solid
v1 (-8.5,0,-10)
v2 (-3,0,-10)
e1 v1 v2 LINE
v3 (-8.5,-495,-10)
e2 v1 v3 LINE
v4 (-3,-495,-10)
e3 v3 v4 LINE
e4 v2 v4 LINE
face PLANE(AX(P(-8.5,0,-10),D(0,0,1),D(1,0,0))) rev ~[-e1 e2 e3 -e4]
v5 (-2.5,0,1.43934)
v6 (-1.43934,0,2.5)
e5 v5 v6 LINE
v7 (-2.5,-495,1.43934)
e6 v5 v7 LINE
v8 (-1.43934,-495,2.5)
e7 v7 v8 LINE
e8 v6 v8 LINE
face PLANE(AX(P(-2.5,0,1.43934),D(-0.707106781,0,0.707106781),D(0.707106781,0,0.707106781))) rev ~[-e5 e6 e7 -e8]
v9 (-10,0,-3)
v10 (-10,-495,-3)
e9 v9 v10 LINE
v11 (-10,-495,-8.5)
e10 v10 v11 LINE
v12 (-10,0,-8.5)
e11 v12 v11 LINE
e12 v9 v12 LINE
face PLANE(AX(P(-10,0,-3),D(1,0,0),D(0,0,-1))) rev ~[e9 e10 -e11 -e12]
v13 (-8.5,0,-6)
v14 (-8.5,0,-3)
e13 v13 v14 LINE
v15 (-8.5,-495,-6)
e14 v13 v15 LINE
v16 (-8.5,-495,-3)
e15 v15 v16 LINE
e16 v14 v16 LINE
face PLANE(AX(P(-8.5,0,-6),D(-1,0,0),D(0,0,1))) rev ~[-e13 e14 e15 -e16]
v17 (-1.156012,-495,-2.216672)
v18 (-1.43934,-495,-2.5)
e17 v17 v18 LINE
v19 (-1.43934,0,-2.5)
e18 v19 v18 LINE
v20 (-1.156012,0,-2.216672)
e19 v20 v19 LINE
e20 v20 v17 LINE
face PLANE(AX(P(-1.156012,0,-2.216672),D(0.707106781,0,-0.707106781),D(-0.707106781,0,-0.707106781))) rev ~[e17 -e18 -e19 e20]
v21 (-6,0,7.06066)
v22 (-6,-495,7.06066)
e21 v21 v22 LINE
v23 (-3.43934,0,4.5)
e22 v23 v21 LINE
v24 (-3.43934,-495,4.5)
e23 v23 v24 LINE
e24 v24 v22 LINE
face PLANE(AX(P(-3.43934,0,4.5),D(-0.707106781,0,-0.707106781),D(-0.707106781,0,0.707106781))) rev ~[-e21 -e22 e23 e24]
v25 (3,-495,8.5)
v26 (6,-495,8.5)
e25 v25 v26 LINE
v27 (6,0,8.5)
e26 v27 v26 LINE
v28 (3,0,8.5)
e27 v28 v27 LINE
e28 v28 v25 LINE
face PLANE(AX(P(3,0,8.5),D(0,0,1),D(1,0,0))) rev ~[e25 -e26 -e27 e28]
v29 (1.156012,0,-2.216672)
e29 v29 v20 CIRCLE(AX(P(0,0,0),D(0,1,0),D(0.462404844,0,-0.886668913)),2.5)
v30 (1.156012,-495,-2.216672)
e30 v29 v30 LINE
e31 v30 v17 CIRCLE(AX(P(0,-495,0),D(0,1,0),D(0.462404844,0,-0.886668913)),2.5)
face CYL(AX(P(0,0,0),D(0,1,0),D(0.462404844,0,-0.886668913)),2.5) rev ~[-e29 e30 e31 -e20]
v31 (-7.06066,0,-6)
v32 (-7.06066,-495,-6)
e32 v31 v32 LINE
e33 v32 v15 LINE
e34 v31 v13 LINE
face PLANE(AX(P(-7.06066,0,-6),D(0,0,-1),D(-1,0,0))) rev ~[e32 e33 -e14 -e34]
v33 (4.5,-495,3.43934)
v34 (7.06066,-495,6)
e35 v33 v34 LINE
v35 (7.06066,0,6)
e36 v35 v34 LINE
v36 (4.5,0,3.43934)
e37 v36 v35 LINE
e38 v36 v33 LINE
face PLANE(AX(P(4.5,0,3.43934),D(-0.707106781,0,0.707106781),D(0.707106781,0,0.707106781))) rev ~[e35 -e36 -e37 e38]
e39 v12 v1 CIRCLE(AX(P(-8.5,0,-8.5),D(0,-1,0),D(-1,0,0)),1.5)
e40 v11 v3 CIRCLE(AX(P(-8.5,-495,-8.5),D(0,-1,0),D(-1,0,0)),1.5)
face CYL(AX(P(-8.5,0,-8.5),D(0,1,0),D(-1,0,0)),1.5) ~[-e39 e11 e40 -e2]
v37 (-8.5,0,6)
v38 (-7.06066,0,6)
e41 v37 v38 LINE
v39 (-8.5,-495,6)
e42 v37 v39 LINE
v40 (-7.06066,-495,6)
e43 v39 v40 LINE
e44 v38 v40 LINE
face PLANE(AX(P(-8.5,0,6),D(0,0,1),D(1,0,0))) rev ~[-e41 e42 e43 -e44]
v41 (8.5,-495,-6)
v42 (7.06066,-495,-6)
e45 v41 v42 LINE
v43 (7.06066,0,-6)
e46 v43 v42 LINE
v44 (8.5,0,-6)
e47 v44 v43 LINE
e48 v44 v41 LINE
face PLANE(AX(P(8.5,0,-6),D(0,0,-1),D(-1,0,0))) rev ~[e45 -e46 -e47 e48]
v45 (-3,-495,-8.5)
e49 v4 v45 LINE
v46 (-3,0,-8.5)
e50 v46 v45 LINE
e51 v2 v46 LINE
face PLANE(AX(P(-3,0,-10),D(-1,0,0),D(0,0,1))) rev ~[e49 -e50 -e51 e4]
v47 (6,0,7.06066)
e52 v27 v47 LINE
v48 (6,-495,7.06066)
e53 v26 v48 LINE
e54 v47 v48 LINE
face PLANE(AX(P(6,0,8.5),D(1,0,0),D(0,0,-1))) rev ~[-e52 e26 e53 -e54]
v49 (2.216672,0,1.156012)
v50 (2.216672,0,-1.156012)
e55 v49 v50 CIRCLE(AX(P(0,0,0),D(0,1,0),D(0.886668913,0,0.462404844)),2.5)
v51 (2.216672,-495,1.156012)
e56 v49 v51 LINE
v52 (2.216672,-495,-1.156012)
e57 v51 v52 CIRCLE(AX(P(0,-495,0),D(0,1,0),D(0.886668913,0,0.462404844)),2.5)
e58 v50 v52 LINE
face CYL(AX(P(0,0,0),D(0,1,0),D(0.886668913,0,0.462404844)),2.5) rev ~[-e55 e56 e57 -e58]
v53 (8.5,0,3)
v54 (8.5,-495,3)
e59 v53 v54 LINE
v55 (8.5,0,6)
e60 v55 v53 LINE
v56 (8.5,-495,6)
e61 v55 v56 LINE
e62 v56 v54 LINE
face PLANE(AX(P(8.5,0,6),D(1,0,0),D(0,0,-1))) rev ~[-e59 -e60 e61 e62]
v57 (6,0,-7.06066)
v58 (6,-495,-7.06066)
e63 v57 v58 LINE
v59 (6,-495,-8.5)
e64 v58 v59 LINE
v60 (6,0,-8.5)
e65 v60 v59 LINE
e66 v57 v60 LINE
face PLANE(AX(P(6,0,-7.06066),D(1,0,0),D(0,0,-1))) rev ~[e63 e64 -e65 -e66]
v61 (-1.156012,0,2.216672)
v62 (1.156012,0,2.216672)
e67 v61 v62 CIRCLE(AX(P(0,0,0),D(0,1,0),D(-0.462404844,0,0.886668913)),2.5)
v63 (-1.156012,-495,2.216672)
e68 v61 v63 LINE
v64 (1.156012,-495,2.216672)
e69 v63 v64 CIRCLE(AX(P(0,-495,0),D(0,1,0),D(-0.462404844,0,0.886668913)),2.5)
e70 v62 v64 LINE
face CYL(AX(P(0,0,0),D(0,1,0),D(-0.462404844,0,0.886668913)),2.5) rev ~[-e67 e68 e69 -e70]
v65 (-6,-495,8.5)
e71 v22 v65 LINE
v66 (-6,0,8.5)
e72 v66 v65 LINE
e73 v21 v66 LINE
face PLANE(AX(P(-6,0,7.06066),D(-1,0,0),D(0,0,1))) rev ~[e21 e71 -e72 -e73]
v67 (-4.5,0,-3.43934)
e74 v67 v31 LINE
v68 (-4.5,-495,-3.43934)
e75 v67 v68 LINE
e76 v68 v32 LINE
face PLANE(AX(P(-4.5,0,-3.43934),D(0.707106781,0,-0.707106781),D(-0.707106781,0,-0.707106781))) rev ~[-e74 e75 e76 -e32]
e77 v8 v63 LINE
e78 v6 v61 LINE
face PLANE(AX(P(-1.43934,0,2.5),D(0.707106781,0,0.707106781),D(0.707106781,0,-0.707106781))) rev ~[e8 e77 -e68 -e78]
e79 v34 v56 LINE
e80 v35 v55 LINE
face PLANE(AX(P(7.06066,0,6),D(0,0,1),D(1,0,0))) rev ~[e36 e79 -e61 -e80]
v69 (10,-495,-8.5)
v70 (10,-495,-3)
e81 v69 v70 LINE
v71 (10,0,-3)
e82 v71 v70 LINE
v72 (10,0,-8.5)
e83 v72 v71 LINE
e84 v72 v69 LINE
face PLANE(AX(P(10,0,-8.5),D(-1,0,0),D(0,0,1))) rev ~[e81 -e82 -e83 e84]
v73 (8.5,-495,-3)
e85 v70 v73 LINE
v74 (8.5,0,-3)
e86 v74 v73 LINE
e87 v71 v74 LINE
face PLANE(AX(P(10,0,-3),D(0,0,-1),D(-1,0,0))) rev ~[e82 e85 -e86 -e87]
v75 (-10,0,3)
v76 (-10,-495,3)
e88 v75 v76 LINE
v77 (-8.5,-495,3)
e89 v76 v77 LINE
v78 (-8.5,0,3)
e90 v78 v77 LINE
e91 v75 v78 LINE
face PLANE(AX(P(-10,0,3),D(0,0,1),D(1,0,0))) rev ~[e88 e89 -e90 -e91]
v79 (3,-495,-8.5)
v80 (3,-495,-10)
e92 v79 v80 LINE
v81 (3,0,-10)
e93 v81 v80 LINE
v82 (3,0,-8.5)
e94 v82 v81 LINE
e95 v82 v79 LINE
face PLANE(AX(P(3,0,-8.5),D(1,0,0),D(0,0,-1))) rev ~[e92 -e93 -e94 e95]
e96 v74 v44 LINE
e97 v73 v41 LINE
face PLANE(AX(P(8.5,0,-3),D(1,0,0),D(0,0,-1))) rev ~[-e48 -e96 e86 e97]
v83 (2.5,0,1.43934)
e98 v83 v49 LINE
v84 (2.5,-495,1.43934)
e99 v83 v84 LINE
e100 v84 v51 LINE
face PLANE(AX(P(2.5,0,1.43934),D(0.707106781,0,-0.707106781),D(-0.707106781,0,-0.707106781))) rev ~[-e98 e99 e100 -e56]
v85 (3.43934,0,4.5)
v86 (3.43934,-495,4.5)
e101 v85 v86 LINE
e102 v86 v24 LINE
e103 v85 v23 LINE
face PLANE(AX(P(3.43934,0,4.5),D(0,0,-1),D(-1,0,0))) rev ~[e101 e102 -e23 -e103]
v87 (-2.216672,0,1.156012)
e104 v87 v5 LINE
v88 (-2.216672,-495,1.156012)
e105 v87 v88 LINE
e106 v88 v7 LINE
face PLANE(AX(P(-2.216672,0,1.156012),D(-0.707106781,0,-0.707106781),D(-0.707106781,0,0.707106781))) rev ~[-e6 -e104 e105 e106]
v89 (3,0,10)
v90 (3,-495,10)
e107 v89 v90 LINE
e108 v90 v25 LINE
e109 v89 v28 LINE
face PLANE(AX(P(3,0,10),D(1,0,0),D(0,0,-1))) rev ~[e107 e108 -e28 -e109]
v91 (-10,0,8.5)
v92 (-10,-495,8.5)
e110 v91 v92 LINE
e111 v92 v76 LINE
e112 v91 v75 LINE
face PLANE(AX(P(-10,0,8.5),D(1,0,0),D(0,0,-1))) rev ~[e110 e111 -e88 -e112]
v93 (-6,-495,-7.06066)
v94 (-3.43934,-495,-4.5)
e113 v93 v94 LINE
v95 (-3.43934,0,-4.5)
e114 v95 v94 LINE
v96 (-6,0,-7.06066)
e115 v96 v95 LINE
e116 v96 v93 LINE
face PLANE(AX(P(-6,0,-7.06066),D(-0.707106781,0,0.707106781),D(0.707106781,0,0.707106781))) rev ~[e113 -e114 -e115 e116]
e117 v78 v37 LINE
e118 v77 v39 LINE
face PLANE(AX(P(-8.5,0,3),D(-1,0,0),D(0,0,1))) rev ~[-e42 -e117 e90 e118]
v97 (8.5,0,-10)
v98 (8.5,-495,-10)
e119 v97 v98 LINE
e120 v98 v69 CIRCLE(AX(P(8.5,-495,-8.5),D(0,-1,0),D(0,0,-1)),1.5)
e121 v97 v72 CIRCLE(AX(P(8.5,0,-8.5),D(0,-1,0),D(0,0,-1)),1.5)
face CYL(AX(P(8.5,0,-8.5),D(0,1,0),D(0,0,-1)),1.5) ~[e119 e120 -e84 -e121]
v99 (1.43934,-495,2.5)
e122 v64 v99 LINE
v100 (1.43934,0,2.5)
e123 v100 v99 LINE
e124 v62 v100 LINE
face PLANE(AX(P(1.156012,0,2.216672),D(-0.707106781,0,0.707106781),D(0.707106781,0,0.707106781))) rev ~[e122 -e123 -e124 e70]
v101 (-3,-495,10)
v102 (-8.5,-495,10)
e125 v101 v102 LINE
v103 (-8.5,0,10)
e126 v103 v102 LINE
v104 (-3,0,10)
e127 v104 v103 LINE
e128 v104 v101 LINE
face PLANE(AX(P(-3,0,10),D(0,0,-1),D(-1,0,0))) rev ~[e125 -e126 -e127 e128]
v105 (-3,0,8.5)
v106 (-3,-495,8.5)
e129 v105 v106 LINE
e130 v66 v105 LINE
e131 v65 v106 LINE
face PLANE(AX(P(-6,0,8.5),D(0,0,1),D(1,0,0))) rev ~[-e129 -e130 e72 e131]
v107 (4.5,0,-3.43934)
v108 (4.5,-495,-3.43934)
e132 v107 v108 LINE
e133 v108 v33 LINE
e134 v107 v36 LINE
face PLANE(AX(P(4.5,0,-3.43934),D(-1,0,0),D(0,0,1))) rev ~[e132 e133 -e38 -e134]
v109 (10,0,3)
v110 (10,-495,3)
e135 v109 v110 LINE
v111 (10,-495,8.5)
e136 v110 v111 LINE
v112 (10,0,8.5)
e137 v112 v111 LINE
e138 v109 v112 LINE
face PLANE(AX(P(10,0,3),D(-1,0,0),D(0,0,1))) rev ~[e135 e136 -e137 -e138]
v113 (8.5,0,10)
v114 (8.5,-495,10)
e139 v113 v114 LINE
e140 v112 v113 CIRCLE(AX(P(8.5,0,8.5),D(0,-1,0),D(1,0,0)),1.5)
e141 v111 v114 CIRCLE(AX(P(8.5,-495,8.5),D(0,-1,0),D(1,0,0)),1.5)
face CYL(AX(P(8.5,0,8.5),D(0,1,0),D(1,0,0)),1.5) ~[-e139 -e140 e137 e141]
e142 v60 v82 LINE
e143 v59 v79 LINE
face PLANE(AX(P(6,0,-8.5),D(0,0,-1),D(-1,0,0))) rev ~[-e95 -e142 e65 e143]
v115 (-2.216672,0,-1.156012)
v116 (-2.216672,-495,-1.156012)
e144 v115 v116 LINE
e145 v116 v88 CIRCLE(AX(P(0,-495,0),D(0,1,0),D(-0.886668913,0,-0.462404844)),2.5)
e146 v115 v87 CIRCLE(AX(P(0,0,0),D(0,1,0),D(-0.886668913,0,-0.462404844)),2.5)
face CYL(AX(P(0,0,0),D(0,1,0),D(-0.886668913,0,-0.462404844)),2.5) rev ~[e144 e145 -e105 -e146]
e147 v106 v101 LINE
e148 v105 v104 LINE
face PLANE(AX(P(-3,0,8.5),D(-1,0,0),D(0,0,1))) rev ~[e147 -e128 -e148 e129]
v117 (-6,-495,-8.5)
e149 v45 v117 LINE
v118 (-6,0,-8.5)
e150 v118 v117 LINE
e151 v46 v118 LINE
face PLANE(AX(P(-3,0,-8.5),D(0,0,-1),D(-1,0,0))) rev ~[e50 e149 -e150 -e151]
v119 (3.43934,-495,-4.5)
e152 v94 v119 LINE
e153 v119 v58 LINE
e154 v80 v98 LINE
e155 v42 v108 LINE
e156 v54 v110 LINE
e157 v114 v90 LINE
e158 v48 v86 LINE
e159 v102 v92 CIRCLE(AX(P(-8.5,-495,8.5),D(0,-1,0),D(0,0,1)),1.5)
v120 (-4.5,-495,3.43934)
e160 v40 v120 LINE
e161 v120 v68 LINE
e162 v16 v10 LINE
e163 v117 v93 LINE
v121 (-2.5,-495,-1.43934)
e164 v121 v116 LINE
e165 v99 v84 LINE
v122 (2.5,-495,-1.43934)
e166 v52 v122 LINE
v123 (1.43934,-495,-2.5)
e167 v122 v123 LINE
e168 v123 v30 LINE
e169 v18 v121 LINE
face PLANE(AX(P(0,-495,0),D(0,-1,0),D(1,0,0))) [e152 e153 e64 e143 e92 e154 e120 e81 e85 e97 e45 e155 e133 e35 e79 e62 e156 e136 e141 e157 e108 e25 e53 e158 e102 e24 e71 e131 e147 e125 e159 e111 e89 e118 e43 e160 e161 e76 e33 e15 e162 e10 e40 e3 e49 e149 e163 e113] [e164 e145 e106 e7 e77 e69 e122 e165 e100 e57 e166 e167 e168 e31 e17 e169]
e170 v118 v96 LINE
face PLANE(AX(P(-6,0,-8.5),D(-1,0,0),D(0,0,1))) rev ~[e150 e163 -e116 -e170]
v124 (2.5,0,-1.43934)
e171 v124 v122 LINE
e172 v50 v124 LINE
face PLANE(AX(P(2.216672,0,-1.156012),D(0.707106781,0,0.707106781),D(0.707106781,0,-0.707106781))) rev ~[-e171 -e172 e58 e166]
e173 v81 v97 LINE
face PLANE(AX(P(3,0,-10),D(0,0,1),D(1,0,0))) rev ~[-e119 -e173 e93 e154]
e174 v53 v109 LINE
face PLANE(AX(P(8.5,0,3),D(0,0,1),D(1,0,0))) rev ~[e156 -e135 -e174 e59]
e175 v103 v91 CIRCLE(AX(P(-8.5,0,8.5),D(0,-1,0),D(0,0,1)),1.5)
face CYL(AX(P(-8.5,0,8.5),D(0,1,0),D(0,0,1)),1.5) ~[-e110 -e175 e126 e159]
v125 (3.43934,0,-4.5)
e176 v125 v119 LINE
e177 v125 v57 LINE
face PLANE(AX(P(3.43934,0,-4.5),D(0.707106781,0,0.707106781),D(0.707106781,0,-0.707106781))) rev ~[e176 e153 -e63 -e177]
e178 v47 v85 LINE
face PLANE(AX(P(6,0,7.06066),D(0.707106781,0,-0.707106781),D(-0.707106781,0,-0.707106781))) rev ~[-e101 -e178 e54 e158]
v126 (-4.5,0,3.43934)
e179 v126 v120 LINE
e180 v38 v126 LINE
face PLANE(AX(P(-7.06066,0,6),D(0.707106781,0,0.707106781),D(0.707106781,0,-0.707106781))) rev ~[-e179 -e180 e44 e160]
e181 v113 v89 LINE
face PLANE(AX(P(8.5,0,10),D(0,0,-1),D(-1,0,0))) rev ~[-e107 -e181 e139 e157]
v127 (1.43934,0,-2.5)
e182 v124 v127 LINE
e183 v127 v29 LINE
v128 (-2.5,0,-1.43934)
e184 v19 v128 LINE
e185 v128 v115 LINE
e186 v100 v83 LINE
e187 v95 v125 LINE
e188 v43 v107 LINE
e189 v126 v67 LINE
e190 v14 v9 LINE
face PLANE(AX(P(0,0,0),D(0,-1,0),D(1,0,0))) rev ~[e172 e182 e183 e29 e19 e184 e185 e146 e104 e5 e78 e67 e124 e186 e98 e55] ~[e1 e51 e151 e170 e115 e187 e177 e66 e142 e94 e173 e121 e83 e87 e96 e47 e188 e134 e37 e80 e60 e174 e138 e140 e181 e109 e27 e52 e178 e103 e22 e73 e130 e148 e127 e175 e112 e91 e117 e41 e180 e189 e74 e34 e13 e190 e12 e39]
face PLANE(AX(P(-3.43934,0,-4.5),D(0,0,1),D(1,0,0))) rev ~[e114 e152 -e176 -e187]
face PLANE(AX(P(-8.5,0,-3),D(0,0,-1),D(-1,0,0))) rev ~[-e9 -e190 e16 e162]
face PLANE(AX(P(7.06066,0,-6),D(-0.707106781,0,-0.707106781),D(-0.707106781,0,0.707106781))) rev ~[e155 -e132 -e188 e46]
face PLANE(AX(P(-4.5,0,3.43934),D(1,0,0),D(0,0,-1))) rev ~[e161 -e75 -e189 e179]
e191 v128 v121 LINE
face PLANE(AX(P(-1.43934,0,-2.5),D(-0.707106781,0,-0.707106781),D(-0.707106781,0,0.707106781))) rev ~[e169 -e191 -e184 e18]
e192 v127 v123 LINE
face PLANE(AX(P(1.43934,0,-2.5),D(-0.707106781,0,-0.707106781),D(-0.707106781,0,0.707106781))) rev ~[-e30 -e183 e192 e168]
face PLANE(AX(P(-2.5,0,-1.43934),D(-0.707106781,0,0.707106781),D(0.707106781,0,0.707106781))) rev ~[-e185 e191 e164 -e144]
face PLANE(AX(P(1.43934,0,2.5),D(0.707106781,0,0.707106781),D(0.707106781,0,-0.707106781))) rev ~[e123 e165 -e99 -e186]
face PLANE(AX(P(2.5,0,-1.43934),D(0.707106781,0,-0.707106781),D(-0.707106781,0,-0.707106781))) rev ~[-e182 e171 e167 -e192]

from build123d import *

# Parameters (mm, degrees)
F1_DEPTH = 495


with BuildPart() as f1:
    # F0 (on Front) → F1 (new body)
    with BuildSketch(Plane.XZ):
        with BuildLine():
            Line((3, -10), (8.5, -10))
            ThreePointArc((8.5, -10), (9.5606601718, -9.5606601718), (10, -8.5))
            Line((10, -8.5), (10, -3))
            Line((10, -3), (8.5, -3))
            Line((8.5, -3), (8.5, -6))
            Line((8.5, -6), (7.0606601718, -6))
            Line((7.0606601718, -6), (4.5, -3.4393398282))
            Line((4.5, -3.4393398282), (4.5, 3.4393398282))
            Line((4.5, 3.4393398282), (7.0606601718, 6))
            Line((7.0606601718, 6), (8.5, 6))
            Line((8.5, 6), (8.5, 3))
            Line((8.5, 3), (10, 3))
            Line((10, 3), (10, 8.5))
            ThreePointArc((10, 8.5), (9.5606601718, 9.5606601718), (8.5, 10))
            Line((8.5, 10), (3, 10))
            Line((3, 10), (3, 8.5))
            Line((3, 8.5), (6, 8.5))
            Line((6, 8.5), (6, 7.0606601718))
            Line((6, 7.0606601718), (3.4393398282, 4.5))
            Line((3.4393398282, 4.5), (-3.4393398282, 4.5))
            Line((-3.4393398282, 4.5), (-6, 7.0606601718))
            Line((-6, 7.0606601718), (-6, 8.5))
            Line((-6, 8.5), (-3, 8.5))
            Line((-3, 8.5), (-3, 10))
            Line((-3, 10), (-8.5, 10))
            ThreePointArc((-8.5, 10), (-9.5606601718, 9.5606601718), (-10, 8.5))
            Line((-10, 8.5), (-10, 3))
            Line((-10, 3), (-8.5, 3))
            Line((-8.5, 3), (-8.5, 6))
            Line((-8.5, 6), (-7.0606601718, 6))
            Line((-7.0606601718, 6), (-4.5, 3.4393398282))
            Line((-4.5, 3.4393398282), (-4.5, -3.4393398282))
            Line((-4.5, -3.4393398282), (-7.0606601718, -6))
            Line((-7.0606601718, -6), (-8.5, -6))
            Line((-8.5, -6), (-8.5, -3))
            Line((-8.5, -3), (-10, -3))
            Line((-10, -3), (-10, -8.5))
            ThreePointArc((-10, -8.5), (-9.5606601718, -9.5606601718), (-8.5, -10))
            Line((-8.5, -10), (-3, -10))
            Line((-3, -10), (-3, -8.5))
            Line((-3, -8.5), (-6, -8.5))
            Line((-6, -8.5), (-6, -7.0606601718))
            Line((-6, -7.0606601718), (-3.4393398282, -4.5))
            Line((-3.4393398282, -4.5), (3.4393398282, -4.5))
            Line((3.4393398282, -4.5), (6, -7.0606601718))
            Line((6, -7.0606601718), (6, -8.5))
            Line((6, -8.5), (3, -8.5))
            Line((3, -8.5), (3, -10))
        make_face()
        with BuildLine():
            ThreePointArc((-1.1560121095, 2.2166722813), (0, 2.5), (1.1560121095, 2.2166722813))
            Line((1.1560121095, 2.2166722813), (1.4393398282, 2.5))
            Line((1.4393398282, 2.5), (2.5, 1.4393398282))
            Line((2.5, 1.4393398282), (2.2166722813, 1.1560121095))
            ThreePointArc((2.2166722813, 1.1560121095), (2.5, 0), (2.2166722813, -1.1560121095))
            Line((2.2166722813, -1.1560121095), (2.5, -1.4393398282))
            Line((2.5, -1.4393398282), (1.4393398282, -2.5))
            Line((1.4393398282, -2.5), (1.1560121095, -2.2166722813))
            ThreePointArc((1.1560121095, -2.2166722813), (0, -2.5), (-1.1560121095, -2.2166722813))
            Line((-1.1560121095, -2.2166722813), (-1.4393398282, -2.5))
            Line((-1.4393398282, -2.5), (-2.5, -1.4393398282))
            Line((-2.5, -1.4393398282), (-2.2166722813, -1.1560121095))
            ThreePointArc((-2.2166722813, -1.1560121095), (-2.5, 0), (-2.2166722813, 1.1560121095))
            Line((-2.2166722813, 1.1560121095), (-2.5, 1.4393398282))
            Line((-2.5, 1.4393398282), (-1.4393398282, 2.5))
            Line((-1.4393398282, 2.5), (-1.1560121095, 2.2166722813))
        make_face(mode=Mode.SUBTRACT)
    extrude(amount=F1_DEPTH)


solid = f1.part
